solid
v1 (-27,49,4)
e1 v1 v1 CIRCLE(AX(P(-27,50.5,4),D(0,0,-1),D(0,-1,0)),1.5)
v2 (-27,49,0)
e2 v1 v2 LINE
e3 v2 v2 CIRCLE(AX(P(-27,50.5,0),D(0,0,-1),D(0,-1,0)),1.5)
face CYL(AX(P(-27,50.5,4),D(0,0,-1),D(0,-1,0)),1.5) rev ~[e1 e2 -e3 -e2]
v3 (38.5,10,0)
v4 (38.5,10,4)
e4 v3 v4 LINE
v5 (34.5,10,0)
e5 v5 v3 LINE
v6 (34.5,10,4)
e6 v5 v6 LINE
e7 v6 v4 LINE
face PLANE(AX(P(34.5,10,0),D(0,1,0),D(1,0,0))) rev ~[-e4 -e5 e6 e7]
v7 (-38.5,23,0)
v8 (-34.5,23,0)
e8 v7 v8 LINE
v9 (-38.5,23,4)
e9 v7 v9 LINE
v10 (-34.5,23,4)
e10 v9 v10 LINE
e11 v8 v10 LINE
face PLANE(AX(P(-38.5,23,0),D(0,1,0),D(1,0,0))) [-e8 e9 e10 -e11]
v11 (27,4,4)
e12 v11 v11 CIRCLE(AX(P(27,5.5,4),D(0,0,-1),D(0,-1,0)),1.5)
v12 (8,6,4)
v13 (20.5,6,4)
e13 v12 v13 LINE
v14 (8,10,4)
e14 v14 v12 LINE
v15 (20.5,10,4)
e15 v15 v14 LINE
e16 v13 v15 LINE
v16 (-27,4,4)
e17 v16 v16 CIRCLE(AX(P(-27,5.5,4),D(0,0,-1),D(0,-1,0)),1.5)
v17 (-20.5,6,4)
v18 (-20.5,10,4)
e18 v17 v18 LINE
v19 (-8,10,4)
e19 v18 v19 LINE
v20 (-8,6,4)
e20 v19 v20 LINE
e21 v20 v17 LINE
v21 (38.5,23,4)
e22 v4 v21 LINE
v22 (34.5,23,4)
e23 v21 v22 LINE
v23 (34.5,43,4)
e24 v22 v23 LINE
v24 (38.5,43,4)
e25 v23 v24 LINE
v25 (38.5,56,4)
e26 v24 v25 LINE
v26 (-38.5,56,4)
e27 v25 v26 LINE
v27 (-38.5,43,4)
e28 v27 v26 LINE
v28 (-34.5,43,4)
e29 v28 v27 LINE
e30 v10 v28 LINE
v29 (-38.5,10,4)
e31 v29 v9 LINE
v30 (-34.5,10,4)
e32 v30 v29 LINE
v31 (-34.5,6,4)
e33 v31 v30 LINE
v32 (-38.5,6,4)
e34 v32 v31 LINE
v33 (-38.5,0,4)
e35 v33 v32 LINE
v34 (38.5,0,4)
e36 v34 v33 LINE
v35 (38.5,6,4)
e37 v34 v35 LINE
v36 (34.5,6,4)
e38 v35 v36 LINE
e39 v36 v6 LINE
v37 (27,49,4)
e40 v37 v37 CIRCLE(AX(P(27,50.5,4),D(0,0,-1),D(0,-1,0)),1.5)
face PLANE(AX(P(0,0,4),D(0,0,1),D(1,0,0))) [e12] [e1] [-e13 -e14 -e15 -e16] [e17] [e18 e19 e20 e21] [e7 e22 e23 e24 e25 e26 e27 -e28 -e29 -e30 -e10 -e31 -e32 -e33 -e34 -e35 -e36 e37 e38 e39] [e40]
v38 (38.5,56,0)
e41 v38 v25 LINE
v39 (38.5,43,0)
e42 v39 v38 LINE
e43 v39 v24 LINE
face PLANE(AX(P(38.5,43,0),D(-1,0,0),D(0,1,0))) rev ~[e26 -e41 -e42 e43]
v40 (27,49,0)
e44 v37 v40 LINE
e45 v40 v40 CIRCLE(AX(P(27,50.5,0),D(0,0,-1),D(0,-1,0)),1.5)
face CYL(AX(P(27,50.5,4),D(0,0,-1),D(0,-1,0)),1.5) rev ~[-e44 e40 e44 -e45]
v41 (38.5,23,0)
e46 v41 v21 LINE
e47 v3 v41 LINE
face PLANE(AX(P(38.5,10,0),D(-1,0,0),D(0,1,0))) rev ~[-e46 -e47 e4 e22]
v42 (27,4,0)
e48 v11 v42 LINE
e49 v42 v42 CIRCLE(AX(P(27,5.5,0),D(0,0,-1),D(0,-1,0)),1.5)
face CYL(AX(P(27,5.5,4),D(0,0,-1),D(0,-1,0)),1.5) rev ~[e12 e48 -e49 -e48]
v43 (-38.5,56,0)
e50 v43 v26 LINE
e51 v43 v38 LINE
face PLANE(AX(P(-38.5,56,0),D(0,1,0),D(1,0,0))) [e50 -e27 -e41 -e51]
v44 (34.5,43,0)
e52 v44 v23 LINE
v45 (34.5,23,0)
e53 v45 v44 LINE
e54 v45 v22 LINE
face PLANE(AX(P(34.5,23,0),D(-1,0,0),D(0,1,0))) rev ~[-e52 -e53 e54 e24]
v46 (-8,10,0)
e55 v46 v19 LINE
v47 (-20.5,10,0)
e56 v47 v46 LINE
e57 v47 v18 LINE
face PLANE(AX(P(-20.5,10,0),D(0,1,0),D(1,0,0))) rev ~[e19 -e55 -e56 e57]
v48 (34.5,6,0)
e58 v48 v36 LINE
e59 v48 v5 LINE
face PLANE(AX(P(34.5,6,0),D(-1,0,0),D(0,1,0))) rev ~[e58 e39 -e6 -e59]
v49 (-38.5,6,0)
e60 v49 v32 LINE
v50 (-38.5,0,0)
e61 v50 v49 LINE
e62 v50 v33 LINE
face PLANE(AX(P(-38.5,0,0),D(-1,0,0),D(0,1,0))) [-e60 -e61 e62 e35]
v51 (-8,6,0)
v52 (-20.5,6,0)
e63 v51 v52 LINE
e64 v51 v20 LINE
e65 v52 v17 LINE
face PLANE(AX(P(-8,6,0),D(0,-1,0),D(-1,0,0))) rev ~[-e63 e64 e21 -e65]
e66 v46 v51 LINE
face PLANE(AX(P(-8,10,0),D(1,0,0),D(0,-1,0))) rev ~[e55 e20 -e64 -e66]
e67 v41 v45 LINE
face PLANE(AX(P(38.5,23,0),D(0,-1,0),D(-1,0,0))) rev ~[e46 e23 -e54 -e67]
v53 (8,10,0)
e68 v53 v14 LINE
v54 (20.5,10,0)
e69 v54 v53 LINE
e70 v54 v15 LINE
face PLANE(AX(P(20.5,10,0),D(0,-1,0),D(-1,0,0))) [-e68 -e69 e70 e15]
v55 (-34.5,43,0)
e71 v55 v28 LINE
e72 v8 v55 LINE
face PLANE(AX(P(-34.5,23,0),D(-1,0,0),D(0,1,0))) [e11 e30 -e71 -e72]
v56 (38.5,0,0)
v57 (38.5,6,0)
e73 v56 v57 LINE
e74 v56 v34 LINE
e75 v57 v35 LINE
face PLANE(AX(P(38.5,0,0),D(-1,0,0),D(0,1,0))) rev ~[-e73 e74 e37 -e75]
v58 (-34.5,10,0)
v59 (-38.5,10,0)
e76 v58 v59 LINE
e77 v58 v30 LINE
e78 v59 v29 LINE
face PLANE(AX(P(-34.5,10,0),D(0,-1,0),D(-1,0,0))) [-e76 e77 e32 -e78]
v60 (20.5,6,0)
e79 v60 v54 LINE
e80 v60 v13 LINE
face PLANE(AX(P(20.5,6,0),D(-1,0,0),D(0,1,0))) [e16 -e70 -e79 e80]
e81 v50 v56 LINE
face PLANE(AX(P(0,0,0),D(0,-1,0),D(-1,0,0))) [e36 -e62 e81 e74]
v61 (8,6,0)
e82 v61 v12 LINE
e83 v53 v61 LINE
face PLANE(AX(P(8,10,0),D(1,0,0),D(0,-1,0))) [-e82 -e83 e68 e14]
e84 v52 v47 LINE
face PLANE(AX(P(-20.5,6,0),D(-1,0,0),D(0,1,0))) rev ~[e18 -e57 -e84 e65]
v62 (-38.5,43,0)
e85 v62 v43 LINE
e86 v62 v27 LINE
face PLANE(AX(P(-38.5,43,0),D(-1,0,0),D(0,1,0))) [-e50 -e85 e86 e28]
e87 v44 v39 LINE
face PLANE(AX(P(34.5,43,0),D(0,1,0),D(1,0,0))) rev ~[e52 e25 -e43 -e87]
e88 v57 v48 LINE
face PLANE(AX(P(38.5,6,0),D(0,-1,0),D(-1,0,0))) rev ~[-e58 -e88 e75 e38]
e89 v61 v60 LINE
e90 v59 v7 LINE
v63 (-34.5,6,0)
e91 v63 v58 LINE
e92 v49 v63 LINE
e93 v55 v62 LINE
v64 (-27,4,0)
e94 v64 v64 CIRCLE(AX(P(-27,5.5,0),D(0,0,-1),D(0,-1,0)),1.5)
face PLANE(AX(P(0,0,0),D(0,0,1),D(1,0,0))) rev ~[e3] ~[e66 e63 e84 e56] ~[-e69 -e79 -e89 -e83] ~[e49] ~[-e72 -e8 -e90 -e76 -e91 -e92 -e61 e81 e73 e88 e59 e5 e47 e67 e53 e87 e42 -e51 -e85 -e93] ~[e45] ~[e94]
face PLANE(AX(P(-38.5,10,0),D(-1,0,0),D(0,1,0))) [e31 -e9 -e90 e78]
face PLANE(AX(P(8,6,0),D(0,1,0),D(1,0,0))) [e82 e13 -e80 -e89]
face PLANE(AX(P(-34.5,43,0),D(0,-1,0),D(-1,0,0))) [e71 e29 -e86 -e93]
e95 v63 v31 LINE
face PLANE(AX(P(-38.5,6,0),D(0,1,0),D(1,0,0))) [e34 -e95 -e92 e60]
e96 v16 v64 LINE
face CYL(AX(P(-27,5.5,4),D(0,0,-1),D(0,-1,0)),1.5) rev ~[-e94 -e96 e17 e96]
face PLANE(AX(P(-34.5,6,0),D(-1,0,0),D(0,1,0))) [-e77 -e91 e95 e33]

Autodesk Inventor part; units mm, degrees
ref_plane "YZ Plane" through (0, 0, 0) normal (1, 0, 0) x (0, 1, 0)
ref_plane "XZ Plane" through (0, 0, 0) normal (0, 1, 0) x (-1, 0, 0)
ref_plane "XY Plane" through (0, 0, 0) normal (0, 0, 1) x (1, 0, 0)
sketch "Эскиз1" plane through (0, 0, 0) normal (0, 0, 1) x (1, 0, 0)
  line L0 (0, 0) -> (-38.5, 0)
  line L1 (-38.5, 0) -> (-38.5, 6)
  line L2 (-38.5, 6) -> (-34.5, 6)
  line L3 (-34.5, 6) -> (-34.5, 10)
  line L4 (-34.5, 10) -> (-38.5, 10)
  line L5 (-38.5, 10) -> (-38.5, 23)
  line L6 (-38.5, 23) -> (-34.5, 23)
  line L7 (-34.5, 23) -> (-34.5, 43)
  line L8 (-34.5, 43) -> (-38.5, 43)
  line L9 (-38.5, 43) -> (-38.5, 56)
  line L10 (-38.5, 56) -> (0, 56)
  line L11 (0, 56) -> (0, 0)
  line L12 (0, 0) -> (38.5, 0)
  line L13 (38.5, 0) -> (38.5, 6)
  line L14 (38.5, 6) -> (34.5, 6)
  line L15 (34.5, 6) -> (34.5, 10)
  line L16 (34.5, 10) -> (38.5, 10)
  line L17 (38.5, 10) -> (38.5, 23)
  line L18 (38.5, 23) -> (34.5, 23)
  line L19 (34.5, 23) -> (34.5, 43)
  line L20 (34.5, 43) -> (38.5, 43)
  line L21 (38.5, 43) -> (38.5, 56)
  line L22 (38.5, 56) -> (0, 56)
  line L23 (-20.5, 10) -> (-8, 10)
  line L24 (-8, 10) -> (-8, 6)
  line L25 (-8, 6) -> (-20.5, 6)
  line L26 (-20.5, 6) -> (-20.5, 10)
  line L27 (20.5, 10) -> (8, 10)
  line L28 (8, 10) -> (8, 6)
  line L29 (8, 6) -> (20.5, 6)
  line L30 (20.5, 6) -> (20.5, 10)
  dimension "d0" = 4
  dimension "d1" = 6
  dimension "d2" = 4
  dimension "d3" = 46
  dimension "d4" = 20
  dimension "d5" = 13
  dimension "d6" = 13
  dimension "d7" = 77
  dimension "d10" = 12.5
  dimension "d11" = 16
extrude "Выдавливание1" add sketch "Эскиз1" along normal blind 4
sketch "Эскиз2" plane through (0, 0, 4) normal (0, 0, 1) x (1, 0, 0)
  line L0 (38.5, 56) -> (-38.5, 56) projected
  line L1 (0, 56) -> (0, 0)
  line L2 (-38.5, 0) -> (38.5, 0) projected
  line L3 (38.5, 56) -> (38.5, 0) construction
  line L4 (-38.5, 6) -> (-38.5, 0) projected
  line L5 (-38.5, 56) -> (-38.5, 0) construction
  line L6 (38.5, 28) -> (-38.5, 28)
  point P0 (-27, 5.5)
  point P1 (27, 5.5)
  point P2 (27, 50.5)
  point P3 (-27, 50.5)
  dimension "d19" = 45
  dimension "d20" = 54
hole "Отверстие1" at (-27, 5.5, 4) at (27, 5.5, 4) at (27, 50.5, 4) at (-27, 50.5, 4) direction (0, 0, -1) diameter 3 end through all
properties part number "HolderDCDC"
